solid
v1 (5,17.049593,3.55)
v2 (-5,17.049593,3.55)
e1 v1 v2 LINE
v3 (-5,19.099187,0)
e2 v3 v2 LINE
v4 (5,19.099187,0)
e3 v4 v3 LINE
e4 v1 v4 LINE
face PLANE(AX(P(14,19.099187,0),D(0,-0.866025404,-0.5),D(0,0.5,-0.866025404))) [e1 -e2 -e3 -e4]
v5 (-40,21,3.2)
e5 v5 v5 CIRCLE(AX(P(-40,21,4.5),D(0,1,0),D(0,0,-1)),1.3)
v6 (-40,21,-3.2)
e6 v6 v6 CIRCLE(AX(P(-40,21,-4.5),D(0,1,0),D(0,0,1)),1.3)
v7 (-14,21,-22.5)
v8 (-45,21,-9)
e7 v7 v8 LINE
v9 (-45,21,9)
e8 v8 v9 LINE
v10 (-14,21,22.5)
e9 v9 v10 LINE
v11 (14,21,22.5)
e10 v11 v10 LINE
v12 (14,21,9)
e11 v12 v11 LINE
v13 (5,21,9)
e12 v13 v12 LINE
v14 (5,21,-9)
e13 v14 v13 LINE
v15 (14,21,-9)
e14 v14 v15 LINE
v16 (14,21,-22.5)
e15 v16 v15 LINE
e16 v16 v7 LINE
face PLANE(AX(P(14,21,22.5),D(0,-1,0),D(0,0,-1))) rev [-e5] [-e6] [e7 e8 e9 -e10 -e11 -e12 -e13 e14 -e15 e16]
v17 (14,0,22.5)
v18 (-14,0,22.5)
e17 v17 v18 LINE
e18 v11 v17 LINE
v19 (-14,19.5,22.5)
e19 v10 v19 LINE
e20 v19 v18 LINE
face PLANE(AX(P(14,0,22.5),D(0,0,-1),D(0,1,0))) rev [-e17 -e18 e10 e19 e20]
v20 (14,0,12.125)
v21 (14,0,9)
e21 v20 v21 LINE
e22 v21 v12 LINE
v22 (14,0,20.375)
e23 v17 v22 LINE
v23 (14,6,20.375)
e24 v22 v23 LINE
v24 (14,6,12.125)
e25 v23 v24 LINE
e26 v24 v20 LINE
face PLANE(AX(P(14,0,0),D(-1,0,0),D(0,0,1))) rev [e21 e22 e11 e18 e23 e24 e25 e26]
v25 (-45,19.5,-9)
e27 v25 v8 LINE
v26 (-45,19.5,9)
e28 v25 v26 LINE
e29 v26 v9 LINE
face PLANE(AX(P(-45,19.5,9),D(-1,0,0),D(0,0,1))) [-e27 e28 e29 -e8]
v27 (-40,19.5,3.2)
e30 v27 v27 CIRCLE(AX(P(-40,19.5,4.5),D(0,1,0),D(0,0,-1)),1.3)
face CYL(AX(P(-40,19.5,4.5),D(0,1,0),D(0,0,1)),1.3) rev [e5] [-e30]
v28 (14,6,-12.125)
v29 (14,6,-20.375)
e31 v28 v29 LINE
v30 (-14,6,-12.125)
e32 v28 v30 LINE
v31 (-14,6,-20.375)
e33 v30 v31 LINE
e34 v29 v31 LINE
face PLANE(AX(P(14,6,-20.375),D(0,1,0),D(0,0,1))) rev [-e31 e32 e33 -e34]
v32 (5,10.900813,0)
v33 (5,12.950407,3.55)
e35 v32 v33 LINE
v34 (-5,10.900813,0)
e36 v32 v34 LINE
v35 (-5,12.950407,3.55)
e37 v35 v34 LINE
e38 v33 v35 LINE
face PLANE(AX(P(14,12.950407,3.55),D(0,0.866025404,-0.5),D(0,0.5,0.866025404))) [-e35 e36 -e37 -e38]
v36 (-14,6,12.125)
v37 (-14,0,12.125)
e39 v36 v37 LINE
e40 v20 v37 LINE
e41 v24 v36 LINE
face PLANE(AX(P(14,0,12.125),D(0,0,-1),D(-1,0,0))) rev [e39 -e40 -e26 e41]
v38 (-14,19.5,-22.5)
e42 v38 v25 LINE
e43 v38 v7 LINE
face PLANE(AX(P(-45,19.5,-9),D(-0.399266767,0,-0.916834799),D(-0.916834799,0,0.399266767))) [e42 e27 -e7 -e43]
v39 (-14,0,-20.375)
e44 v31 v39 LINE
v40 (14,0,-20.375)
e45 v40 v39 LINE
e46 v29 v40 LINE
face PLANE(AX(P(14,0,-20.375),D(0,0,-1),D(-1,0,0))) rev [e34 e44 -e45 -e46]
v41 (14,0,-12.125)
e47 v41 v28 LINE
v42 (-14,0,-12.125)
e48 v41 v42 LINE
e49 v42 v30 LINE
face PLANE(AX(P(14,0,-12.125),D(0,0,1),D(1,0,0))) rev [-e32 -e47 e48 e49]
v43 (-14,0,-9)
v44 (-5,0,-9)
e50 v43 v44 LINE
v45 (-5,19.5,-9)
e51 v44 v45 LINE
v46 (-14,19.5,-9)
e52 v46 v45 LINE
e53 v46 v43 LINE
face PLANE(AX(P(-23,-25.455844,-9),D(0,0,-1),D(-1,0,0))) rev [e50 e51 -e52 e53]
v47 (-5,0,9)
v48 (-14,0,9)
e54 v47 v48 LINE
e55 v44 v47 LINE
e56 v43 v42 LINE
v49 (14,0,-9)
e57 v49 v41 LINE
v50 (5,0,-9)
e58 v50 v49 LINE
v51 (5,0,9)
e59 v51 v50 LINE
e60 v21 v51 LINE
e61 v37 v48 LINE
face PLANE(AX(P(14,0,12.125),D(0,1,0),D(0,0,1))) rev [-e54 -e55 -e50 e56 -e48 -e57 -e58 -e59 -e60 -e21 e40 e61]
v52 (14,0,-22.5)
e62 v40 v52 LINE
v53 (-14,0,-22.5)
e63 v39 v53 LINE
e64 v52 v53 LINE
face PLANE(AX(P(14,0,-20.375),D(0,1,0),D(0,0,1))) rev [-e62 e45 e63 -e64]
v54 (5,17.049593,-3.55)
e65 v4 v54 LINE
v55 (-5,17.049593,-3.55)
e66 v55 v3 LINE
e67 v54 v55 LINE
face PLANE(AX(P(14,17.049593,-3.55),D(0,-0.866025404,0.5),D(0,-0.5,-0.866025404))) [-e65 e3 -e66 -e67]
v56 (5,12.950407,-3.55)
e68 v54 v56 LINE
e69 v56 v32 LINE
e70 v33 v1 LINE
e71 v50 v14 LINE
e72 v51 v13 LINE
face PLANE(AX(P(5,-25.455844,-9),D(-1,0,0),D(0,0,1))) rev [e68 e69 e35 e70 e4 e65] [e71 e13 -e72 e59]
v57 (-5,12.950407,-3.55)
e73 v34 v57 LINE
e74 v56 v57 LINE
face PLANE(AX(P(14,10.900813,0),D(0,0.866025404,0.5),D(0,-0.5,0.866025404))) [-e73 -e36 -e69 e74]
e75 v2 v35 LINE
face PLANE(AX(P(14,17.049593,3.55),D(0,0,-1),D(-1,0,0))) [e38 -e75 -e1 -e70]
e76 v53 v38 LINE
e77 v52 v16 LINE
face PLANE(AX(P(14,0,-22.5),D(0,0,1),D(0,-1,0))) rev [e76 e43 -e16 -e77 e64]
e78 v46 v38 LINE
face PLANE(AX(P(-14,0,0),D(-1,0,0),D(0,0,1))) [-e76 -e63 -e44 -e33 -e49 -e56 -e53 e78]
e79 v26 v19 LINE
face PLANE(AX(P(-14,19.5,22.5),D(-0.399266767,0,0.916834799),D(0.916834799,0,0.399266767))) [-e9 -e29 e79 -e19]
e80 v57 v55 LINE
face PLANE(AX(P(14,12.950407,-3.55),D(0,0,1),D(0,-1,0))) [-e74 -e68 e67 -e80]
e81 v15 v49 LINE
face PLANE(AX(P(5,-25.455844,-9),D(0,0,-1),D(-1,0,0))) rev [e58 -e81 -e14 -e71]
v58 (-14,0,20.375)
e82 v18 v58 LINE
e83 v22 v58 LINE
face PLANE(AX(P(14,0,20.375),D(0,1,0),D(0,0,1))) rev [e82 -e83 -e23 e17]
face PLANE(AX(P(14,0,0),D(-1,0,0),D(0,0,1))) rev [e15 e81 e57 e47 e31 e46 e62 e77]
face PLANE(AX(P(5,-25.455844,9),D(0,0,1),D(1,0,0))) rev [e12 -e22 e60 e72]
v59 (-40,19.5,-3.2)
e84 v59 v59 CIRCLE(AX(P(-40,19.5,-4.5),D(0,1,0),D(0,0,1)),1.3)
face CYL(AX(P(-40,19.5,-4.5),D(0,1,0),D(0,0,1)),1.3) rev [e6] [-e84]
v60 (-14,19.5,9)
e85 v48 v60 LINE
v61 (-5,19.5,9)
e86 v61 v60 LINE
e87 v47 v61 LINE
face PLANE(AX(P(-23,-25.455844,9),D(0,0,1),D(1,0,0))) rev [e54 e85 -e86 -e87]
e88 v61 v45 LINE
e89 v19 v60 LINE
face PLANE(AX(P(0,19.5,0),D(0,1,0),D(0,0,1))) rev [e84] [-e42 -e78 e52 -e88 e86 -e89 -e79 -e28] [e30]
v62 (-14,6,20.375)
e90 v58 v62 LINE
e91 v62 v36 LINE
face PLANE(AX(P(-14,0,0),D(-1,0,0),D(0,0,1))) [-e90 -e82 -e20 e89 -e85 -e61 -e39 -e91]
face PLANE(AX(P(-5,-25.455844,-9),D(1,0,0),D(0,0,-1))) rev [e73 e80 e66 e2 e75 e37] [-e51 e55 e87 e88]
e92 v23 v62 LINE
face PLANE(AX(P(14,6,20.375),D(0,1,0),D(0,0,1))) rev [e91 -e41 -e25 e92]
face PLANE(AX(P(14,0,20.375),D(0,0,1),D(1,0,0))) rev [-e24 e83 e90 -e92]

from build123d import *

# Parameters (mm, degrees)
BOSS_EXTRUDE1_DEPTH = 14
SKETCH2_W           = 18
SKETCH2_H           = 18
CUT_EXTRUDE1_DEPTH  = 21
SKETCH3_R           = 1.3
BOSS_EXTRUDE2_DEPTH = 1.5


with BuildPart() as part:
    # Sketch1 → Boss-Extrude1 (new, symmetric)
    with BuildSketch(Plane(origin=(0, 0, 0), x_dir=(0, 0, -1), z_dir=(1, 0, 0))):
        Polygon((-22.5, 0), (-22.5, 21), (22.5, 21), (22.5, 0), (20.375, 0), (20.375, 6), (12.125, 6), (12.125, 0), (-12.125, 0), (-12.125, 6), (-20.375, 6), (-20.375, 0), align=None)
        Polygon((0, 10.900813089), (3.55, 12.950406544), (3.55, 17.049593456), (0, 19.099186911), (-3.55, 17.049593456), (-3.55, 12.950406544), align=None, mode=Mode.SUBTRACT)
    extrude(amount=BOSS_EXTRUDE1_DEPTH, both=True)

    # Sketch2 → Cut-Extrude1 (cut)
    with BuildSketch(Plane(origin=(0, 21, 0), x_dir=(1, 0, 0), z_dir=(0, 1, 0))):
        with Locations((-14, 0)):
            Rectangle(SKETCH2_W, SKETCH2_H)
        with Locations((14, 0)):
            Rectangle(SKETCH2_W, SKETCH2_H)
    extrude(amount=-CUT_EXTRUDE1_DEPTH, mode=Mode.SUBTRACT)

    # Sketch3 → Boss-Extrude2 (add)
    with BuildSketch(Plane(origin=(0, 21, 0), x_dir=(1, 0, 0), z_dir=(0, 1, 0))):
        Polygon((-5, -9), (-5, 9), (-14, 22.5), (-45, 9), (-45, -9), (-14, -22.5), align=None)
        with Locations(Location((-40, 4.5, 0), (0, 0, 270))):
            Circle(SKETCH3_R, mode=Mode.SUBTRACT)
        with Locations(Location((-40, -4.5, 0), (0, 0, 90))):
            Circle(SKETCH3_R, mode=Mode.SUBTRACT)
    extrude(amount=-BOSS_EXTRUDE2_DEPTH)


solid = part.part
